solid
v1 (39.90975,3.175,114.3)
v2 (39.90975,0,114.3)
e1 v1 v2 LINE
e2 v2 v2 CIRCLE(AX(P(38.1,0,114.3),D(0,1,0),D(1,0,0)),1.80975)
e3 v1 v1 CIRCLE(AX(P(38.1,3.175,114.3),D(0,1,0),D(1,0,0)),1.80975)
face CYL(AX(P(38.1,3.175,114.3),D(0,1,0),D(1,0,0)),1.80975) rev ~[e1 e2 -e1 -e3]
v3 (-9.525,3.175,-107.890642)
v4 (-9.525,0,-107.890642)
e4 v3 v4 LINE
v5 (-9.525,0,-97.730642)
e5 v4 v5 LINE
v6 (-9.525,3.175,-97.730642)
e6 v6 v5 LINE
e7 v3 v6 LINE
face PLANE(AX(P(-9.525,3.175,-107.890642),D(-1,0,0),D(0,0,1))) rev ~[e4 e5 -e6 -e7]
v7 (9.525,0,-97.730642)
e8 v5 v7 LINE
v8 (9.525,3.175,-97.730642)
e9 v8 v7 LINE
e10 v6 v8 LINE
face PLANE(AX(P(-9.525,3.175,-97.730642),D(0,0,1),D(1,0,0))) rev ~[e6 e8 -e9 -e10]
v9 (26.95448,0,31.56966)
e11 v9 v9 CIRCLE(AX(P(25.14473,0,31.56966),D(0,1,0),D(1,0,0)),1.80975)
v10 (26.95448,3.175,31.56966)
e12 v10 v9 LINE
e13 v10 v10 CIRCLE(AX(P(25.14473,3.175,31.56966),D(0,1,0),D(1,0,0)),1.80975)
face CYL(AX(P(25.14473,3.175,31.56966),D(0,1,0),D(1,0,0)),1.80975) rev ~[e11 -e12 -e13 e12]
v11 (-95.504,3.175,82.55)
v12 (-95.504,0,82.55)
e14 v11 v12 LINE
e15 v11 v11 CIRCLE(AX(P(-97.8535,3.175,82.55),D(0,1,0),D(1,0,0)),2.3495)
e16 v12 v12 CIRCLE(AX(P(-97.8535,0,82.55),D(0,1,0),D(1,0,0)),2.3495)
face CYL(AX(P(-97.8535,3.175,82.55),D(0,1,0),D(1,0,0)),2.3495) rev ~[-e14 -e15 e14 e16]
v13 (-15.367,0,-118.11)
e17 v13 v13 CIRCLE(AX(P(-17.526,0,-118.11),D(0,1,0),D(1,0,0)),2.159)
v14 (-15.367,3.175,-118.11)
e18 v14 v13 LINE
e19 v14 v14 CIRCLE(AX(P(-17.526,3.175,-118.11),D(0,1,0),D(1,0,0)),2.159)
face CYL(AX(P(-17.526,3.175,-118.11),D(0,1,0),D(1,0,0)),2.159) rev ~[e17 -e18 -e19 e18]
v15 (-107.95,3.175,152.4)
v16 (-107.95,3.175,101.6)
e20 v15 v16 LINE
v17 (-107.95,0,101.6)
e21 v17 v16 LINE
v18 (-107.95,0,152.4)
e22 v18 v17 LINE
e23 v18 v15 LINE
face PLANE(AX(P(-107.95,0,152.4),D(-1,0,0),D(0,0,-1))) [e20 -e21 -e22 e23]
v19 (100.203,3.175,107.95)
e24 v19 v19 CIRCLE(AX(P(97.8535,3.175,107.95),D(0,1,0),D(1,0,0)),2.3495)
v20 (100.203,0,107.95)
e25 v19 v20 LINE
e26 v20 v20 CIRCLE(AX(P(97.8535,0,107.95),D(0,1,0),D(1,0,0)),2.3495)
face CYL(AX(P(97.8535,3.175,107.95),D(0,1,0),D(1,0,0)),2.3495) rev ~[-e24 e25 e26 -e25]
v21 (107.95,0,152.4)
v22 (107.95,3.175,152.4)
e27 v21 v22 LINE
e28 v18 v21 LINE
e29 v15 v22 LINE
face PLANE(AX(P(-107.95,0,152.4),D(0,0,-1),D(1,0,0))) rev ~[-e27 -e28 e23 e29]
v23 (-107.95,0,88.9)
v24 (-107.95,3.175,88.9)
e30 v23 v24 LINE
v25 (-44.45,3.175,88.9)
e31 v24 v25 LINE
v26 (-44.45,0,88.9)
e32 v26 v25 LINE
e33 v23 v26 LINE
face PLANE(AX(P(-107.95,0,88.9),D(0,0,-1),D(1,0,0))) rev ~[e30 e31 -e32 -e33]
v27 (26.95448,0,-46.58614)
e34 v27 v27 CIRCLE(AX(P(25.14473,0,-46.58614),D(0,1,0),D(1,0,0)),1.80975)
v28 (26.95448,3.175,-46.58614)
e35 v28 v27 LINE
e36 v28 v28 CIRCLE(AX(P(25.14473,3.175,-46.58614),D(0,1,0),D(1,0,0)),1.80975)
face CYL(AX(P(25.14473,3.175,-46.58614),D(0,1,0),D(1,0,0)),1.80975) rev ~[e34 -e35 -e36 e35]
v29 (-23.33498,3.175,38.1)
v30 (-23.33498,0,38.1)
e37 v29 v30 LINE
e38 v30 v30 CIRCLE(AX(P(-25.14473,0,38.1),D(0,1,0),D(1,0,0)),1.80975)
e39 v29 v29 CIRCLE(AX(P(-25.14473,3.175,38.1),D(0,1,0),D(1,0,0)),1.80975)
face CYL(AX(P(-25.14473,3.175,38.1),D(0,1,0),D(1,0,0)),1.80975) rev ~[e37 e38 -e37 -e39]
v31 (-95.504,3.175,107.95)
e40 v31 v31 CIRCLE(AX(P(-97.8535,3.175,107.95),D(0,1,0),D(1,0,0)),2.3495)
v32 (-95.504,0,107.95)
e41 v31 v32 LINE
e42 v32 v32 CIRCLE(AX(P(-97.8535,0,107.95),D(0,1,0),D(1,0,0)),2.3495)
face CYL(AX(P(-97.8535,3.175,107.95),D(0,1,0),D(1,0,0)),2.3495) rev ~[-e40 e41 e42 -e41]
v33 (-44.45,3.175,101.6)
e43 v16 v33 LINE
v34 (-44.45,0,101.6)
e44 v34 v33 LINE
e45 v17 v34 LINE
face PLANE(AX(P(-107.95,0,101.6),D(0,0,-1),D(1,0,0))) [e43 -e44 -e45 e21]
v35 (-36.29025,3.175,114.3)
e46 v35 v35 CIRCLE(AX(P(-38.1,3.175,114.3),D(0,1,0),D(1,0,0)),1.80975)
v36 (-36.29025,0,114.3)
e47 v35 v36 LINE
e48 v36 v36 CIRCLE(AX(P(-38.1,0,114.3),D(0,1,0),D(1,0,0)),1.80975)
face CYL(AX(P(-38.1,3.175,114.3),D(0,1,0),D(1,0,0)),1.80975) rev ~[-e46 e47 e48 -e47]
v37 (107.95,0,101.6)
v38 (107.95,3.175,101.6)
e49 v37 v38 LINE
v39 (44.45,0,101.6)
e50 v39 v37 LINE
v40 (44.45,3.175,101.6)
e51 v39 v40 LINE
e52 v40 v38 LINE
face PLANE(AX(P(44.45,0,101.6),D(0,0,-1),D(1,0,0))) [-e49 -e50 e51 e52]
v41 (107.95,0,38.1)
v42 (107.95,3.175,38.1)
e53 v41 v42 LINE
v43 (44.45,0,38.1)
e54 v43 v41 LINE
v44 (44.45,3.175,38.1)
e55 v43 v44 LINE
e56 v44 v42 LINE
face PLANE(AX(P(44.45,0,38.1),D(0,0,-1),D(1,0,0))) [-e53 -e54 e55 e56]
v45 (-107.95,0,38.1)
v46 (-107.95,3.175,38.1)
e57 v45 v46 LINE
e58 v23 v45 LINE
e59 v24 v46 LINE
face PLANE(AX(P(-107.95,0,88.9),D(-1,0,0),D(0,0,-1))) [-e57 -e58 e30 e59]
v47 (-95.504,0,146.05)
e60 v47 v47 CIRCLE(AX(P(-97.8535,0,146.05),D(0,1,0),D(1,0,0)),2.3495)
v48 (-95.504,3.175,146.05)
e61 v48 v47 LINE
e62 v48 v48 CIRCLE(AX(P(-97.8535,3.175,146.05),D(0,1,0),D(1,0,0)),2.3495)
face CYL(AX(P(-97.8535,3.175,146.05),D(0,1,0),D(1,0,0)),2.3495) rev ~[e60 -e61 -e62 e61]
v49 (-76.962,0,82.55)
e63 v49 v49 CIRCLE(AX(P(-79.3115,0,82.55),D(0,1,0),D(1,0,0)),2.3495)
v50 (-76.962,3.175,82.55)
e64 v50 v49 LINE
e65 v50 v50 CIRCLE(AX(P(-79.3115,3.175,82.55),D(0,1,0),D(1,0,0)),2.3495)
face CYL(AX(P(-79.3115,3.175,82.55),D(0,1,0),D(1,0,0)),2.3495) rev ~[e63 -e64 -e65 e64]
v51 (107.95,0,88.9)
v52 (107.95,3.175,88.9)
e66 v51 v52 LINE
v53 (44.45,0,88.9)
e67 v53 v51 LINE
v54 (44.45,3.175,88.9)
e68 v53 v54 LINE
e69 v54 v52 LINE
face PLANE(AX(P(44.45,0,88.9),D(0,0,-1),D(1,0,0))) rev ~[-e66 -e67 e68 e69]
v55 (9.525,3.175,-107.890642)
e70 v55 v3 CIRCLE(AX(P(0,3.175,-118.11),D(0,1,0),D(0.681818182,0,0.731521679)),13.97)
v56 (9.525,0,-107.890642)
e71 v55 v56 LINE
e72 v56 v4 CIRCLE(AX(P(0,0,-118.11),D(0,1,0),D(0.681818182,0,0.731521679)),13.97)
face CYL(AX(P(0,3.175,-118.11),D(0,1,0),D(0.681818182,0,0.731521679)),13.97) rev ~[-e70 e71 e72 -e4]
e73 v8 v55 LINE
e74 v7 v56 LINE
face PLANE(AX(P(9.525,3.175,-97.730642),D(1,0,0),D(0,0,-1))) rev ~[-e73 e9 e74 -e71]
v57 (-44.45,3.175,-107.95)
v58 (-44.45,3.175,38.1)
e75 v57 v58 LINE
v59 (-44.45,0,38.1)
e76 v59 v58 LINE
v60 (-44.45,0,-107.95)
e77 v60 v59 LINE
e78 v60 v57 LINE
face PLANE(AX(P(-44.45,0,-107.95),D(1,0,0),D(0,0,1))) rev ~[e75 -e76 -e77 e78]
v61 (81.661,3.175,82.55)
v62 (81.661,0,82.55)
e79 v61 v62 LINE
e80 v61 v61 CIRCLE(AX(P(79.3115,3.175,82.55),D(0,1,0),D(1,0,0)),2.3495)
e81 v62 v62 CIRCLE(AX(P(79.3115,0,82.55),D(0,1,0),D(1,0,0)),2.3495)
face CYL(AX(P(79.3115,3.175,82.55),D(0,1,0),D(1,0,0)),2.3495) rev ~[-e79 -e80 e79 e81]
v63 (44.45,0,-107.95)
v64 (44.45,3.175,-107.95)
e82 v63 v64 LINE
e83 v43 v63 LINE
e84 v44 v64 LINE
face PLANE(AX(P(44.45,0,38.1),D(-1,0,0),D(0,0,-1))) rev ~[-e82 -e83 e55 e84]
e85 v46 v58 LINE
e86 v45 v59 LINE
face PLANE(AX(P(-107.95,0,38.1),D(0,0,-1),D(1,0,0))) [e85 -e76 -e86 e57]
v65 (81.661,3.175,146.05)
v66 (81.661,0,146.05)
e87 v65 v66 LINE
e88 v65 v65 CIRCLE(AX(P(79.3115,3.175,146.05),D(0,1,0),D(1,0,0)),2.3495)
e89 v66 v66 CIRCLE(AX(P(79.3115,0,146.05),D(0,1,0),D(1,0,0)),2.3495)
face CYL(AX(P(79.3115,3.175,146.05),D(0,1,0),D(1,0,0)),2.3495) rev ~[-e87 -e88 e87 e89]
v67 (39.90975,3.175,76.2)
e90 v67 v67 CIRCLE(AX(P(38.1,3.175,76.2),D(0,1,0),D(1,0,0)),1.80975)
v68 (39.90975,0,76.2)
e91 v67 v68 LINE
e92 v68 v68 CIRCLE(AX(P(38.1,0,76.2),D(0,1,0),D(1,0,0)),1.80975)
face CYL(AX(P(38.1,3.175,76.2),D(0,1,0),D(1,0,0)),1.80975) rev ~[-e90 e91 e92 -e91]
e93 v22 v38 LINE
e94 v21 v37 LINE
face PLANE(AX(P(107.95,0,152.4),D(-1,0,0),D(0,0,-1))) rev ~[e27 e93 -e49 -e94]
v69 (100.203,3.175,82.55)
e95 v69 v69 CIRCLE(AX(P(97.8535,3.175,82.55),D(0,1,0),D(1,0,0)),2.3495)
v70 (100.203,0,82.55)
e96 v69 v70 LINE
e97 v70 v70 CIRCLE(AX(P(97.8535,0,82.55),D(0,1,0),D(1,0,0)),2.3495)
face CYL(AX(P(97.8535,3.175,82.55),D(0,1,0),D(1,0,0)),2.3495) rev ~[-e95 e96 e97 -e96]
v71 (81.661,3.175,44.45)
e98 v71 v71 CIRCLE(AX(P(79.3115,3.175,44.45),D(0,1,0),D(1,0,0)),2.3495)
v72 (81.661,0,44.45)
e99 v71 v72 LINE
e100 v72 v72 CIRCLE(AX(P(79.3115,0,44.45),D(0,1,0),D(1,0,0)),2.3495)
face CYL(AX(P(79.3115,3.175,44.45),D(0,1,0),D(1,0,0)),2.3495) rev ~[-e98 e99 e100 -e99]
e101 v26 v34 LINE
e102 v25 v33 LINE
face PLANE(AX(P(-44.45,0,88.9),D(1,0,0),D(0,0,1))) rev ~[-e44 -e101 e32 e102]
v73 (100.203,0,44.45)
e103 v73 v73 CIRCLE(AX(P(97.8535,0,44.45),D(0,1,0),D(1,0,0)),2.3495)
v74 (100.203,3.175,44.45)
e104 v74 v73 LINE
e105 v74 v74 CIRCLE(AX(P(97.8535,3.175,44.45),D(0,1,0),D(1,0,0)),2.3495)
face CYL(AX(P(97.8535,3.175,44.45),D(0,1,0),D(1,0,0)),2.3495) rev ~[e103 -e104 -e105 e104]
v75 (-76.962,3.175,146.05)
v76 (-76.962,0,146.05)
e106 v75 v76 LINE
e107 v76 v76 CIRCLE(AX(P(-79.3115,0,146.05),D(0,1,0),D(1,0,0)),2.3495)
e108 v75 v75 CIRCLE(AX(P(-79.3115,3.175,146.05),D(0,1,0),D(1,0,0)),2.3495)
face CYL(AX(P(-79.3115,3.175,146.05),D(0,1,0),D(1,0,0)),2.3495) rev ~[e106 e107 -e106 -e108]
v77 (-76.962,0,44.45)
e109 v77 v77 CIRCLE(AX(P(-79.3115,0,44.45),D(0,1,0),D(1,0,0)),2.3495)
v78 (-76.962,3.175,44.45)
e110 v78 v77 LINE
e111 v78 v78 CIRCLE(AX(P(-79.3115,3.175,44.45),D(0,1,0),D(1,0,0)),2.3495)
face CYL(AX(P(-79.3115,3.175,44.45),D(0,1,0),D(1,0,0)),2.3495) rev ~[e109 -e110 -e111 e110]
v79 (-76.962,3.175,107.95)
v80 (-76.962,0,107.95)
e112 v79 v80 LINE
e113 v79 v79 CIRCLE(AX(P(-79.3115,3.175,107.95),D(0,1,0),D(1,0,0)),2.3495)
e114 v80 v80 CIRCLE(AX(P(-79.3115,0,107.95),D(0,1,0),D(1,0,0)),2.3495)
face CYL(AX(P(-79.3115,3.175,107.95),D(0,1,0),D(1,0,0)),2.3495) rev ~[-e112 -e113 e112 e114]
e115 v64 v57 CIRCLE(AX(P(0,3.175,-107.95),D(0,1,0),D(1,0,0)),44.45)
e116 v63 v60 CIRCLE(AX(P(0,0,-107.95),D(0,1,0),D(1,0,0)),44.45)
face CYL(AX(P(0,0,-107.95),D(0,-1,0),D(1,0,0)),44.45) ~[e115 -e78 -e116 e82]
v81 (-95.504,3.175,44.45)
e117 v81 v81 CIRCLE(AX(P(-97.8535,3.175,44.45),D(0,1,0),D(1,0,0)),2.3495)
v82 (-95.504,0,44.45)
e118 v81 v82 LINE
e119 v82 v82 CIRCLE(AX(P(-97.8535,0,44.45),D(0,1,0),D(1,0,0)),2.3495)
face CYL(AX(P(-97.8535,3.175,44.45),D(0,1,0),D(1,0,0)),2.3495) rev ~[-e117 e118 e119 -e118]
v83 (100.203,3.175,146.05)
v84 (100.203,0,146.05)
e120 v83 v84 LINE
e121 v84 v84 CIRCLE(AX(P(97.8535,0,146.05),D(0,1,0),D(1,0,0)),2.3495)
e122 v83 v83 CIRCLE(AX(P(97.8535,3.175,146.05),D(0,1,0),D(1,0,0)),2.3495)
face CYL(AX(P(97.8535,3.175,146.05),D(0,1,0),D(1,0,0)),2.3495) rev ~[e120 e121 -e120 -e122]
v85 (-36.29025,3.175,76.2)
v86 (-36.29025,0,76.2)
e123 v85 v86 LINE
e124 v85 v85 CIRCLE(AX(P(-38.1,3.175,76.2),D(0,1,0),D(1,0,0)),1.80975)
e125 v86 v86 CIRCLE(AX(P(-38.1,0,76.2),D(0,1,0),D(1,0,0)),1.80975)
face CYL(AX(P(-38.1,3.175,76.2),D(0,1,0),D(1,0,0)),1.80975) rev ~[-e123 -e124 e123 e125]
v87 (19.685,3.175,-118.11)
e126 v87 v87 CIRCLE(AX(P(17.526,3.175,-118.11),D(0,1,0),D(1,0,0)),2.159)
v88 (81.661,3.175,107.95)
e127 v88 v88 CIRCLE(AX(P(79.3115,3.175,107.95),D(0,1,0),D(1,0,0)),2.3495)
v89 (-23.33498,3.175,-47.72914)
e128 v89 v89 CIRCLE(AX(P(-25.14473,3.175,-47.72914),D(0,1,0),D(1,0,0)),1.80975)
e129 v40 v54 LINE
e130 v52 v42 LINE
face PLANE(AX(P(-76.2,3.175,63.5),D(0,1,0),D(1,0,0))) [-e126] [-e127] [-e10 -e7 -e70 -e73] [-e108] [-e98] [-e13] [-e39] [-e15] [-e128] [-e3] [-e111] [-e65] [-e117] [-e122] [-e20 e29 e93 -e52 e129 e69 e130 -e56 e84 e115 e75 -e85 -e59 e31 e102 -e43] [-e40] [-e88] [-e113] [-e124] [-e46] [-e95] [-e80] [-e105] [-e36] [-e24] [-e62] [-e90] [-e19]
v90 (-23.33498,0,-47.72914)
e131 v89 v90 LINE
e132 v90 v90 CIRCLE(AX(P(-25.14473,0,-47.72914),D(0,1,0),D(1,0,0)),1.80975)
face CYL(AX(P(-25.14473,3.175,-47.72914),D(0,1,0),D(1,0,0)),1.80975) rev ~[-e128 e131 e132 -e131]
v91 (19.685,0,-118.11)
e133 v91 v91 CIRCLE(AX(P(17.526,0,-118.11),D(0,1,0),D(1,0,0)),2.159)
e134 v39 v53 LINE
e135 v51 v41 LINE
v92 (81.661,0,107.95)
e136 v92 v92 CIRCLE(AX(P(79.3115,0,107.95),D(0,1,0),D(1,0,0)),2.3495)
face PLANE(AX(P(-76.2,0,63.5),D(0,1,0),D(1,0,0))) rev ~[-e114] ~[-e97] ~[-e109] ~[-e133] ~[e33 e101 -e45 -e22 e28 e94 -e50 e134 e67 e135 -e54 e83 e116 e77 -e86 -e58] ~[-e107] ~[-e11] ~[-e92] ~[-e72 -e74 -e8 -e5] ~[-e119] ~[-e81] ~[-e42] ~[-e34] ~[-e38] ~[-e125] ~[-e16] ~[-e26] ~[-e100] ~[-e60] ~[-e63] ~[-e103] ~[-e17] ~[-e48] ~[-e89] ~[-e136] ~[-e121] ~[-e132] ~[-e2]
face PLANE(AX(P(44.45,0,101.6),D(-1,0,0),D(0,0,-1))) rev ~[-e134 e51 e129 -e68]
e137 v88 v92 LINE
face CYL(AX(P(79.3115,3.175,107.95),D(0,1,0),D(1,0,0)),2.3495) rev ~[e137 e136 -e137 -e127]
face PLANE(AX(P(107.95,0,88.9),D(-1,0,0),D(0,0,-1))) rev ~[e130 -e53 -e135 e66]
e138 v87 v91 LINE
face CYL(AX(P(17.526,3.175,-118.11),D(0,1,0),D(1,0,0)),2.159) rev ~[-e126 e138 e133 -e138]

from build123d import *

# Parameters (mm, degrees)
BOSS_EXTRUDE1_DEPTH = 3.175
SKETCH2_R           = 1.80975
SKETCH2_R_2         = 2.159
CUT_EXTRUDE1_DEPTH  = 187.786089217
SKETCH3_R           = 2.3495
CUT_EXTRUDE2_DEPTH  = 187.786089217


with BuildPart() as part:
    # Sketch1 → Boss-Extrude1 (new body)
    with BuildSketch(Plane(origin=(0, 0, 0), x_dir=(1, 0, 0), z_dir=(0, 1, 0))):
        with BuildLine():
            ThreePointArc((44.45, 107.95), (0, 152.4), (-44.45, 107.95))
            Line((-44.45, 107.95), (-44.45, -38.1))
            Line((-44.45, -38.1), (-107.95, -38.1))
            Line((-107.95, -38.1), (-107.95, -88.9))
            Line((-107.95, -88.9), (-44.45, -88.9))
            Line((-44.45, -88.9), (-44.45, -101.6))
            Line((-44.45, -101.6), (-107.95, -101.6))
            Line((-107.95, -101.6), (-107.95, -152.4))
            Line((-107.95, -152.4), (107.95, -152.4))
            Line((107.95, -152.4), (107.95, -101.6))
            Line((107.95, -101.6), (44.45, -101.6))
            Line((44.45, -101.6), (44.45, -88.9))
            Line((44.45, -88.9), (107.95, -88.9))
            Line((107.95, -88.9), (107.95, -38.1))
            Line((107.95, -38.1), (44.45, -38.1))
            Line((44.45, -38.1), (44.45, 107.95))
        make_face()
    extrude(amount=BOSS_EXTRUDE1_DEPTH)

    # Sketch2 → Cut-Extrude1 (cut, through all)
    with BuildSketch(Plane(origin=(0, 3.175, 0), x_dir=(1, 0, 0), z_dir=(0, 1, 0))):
        with BuildLine():
            ThreePointArc((9.525, 107.890642143), (0, 132.08), (-9.525, 107.890642143))
            Line((-9.525, 107.890642143), (-9.525, 97.730642143))
            Line((-9.525, 97.730642143), (9.525, 97.730642143))
            Line((9.525, 97.730642143), (9.525, 107.890642143))
        make_face()
        with Locations((-38.1, -76.2)):
            Circle(SKETCH2_R)
        with Locations((38.1, -76.2)):
            Circle(SKETCH2_R)
        with Locations((-38.1, -114.3)):
            Circle(SKETCH2_R)
        with Locations((38.1, -114.3)):
            Circle(SKETCH2_R)
        with Locations((-25.14473, 47.72914)):
            Circle(SKETCH2_R)
        with Locations((25.14473, 46.58614)):
            Circle(SKETCH2_R)
        with Locations((25.14473, -31.56966)):
            Circle(SKETCH2_R)
        with Locations((-25.14473, -38.1)):
            Circle(SKETCH2_R)
        with Locations((-17.526, 118.11)):
            Circle(SKETCH2_R_2)
        with Locations((17.526, 118.11)):
            Circle(SKETCH2_R_2)
    extrude(amount=-CUT_EXTRUDE1_DEPTH, mode=Mode.SUBTRACT)

    # Sketch3 → Cut-Extrude2 (cut, through all)
    with BuildSketch(Plane(origin=(0, 3.175, 0), x_dir=(1, 0, 0), z_dir=(0, 1, 0))):
        with Locations((-97.8535, -44.45)):
            Circle(SKETCH3_R)
        with Locations((-79.3115, -44.45)):
            Circle(SKETCH3_R)
        with Locations((-97.8535, -82.55)):
            Circle(SKETCH3_R)
        with Locations((-79.3115, -82.55)):
            Circle(SKETCH3_R)
        with Locations((-79.3115, -107.95)):
            Circle(SKETCH3_R)
        with Locations((-97.8535, -107.95)):
            Circle(SKETCH3_R)
        with Locations((-79.3115, -146.05)):
            Circle(SKETCH3_R)
        with Locations((-97.8535, -146.05)):
            Circle(SKETCH3_R)
        with Locations((97.8535, -146.05)):
            Circle(SKETCH3_R)
        with Locations((79.3115, -146.05)):
            Circle(SKETCH3_R)
        with Locations((97.8535, -107.95)):
            Circle(SKETCH3_R)
        with Locations((79.3115, -107.95)):
            Circle(SKETCH3_R)
        with Locations((79.3115, -82.55)):
            Circle(SKETCH3_R)
        with Locations((97.8535, -82.55)):
            Circle(SKETCH3_R)
        with Locations((79.3115, -44.45)):
            Circle(SKETCH3_R)
        with Locations((97.8535, -44.45)):
            Circle(SKETCH3_R)
    extrude(amount=-CUT_EXTRUDE2_DEPTH, mode=Mode.SUBTRACT)


solid = part.part
